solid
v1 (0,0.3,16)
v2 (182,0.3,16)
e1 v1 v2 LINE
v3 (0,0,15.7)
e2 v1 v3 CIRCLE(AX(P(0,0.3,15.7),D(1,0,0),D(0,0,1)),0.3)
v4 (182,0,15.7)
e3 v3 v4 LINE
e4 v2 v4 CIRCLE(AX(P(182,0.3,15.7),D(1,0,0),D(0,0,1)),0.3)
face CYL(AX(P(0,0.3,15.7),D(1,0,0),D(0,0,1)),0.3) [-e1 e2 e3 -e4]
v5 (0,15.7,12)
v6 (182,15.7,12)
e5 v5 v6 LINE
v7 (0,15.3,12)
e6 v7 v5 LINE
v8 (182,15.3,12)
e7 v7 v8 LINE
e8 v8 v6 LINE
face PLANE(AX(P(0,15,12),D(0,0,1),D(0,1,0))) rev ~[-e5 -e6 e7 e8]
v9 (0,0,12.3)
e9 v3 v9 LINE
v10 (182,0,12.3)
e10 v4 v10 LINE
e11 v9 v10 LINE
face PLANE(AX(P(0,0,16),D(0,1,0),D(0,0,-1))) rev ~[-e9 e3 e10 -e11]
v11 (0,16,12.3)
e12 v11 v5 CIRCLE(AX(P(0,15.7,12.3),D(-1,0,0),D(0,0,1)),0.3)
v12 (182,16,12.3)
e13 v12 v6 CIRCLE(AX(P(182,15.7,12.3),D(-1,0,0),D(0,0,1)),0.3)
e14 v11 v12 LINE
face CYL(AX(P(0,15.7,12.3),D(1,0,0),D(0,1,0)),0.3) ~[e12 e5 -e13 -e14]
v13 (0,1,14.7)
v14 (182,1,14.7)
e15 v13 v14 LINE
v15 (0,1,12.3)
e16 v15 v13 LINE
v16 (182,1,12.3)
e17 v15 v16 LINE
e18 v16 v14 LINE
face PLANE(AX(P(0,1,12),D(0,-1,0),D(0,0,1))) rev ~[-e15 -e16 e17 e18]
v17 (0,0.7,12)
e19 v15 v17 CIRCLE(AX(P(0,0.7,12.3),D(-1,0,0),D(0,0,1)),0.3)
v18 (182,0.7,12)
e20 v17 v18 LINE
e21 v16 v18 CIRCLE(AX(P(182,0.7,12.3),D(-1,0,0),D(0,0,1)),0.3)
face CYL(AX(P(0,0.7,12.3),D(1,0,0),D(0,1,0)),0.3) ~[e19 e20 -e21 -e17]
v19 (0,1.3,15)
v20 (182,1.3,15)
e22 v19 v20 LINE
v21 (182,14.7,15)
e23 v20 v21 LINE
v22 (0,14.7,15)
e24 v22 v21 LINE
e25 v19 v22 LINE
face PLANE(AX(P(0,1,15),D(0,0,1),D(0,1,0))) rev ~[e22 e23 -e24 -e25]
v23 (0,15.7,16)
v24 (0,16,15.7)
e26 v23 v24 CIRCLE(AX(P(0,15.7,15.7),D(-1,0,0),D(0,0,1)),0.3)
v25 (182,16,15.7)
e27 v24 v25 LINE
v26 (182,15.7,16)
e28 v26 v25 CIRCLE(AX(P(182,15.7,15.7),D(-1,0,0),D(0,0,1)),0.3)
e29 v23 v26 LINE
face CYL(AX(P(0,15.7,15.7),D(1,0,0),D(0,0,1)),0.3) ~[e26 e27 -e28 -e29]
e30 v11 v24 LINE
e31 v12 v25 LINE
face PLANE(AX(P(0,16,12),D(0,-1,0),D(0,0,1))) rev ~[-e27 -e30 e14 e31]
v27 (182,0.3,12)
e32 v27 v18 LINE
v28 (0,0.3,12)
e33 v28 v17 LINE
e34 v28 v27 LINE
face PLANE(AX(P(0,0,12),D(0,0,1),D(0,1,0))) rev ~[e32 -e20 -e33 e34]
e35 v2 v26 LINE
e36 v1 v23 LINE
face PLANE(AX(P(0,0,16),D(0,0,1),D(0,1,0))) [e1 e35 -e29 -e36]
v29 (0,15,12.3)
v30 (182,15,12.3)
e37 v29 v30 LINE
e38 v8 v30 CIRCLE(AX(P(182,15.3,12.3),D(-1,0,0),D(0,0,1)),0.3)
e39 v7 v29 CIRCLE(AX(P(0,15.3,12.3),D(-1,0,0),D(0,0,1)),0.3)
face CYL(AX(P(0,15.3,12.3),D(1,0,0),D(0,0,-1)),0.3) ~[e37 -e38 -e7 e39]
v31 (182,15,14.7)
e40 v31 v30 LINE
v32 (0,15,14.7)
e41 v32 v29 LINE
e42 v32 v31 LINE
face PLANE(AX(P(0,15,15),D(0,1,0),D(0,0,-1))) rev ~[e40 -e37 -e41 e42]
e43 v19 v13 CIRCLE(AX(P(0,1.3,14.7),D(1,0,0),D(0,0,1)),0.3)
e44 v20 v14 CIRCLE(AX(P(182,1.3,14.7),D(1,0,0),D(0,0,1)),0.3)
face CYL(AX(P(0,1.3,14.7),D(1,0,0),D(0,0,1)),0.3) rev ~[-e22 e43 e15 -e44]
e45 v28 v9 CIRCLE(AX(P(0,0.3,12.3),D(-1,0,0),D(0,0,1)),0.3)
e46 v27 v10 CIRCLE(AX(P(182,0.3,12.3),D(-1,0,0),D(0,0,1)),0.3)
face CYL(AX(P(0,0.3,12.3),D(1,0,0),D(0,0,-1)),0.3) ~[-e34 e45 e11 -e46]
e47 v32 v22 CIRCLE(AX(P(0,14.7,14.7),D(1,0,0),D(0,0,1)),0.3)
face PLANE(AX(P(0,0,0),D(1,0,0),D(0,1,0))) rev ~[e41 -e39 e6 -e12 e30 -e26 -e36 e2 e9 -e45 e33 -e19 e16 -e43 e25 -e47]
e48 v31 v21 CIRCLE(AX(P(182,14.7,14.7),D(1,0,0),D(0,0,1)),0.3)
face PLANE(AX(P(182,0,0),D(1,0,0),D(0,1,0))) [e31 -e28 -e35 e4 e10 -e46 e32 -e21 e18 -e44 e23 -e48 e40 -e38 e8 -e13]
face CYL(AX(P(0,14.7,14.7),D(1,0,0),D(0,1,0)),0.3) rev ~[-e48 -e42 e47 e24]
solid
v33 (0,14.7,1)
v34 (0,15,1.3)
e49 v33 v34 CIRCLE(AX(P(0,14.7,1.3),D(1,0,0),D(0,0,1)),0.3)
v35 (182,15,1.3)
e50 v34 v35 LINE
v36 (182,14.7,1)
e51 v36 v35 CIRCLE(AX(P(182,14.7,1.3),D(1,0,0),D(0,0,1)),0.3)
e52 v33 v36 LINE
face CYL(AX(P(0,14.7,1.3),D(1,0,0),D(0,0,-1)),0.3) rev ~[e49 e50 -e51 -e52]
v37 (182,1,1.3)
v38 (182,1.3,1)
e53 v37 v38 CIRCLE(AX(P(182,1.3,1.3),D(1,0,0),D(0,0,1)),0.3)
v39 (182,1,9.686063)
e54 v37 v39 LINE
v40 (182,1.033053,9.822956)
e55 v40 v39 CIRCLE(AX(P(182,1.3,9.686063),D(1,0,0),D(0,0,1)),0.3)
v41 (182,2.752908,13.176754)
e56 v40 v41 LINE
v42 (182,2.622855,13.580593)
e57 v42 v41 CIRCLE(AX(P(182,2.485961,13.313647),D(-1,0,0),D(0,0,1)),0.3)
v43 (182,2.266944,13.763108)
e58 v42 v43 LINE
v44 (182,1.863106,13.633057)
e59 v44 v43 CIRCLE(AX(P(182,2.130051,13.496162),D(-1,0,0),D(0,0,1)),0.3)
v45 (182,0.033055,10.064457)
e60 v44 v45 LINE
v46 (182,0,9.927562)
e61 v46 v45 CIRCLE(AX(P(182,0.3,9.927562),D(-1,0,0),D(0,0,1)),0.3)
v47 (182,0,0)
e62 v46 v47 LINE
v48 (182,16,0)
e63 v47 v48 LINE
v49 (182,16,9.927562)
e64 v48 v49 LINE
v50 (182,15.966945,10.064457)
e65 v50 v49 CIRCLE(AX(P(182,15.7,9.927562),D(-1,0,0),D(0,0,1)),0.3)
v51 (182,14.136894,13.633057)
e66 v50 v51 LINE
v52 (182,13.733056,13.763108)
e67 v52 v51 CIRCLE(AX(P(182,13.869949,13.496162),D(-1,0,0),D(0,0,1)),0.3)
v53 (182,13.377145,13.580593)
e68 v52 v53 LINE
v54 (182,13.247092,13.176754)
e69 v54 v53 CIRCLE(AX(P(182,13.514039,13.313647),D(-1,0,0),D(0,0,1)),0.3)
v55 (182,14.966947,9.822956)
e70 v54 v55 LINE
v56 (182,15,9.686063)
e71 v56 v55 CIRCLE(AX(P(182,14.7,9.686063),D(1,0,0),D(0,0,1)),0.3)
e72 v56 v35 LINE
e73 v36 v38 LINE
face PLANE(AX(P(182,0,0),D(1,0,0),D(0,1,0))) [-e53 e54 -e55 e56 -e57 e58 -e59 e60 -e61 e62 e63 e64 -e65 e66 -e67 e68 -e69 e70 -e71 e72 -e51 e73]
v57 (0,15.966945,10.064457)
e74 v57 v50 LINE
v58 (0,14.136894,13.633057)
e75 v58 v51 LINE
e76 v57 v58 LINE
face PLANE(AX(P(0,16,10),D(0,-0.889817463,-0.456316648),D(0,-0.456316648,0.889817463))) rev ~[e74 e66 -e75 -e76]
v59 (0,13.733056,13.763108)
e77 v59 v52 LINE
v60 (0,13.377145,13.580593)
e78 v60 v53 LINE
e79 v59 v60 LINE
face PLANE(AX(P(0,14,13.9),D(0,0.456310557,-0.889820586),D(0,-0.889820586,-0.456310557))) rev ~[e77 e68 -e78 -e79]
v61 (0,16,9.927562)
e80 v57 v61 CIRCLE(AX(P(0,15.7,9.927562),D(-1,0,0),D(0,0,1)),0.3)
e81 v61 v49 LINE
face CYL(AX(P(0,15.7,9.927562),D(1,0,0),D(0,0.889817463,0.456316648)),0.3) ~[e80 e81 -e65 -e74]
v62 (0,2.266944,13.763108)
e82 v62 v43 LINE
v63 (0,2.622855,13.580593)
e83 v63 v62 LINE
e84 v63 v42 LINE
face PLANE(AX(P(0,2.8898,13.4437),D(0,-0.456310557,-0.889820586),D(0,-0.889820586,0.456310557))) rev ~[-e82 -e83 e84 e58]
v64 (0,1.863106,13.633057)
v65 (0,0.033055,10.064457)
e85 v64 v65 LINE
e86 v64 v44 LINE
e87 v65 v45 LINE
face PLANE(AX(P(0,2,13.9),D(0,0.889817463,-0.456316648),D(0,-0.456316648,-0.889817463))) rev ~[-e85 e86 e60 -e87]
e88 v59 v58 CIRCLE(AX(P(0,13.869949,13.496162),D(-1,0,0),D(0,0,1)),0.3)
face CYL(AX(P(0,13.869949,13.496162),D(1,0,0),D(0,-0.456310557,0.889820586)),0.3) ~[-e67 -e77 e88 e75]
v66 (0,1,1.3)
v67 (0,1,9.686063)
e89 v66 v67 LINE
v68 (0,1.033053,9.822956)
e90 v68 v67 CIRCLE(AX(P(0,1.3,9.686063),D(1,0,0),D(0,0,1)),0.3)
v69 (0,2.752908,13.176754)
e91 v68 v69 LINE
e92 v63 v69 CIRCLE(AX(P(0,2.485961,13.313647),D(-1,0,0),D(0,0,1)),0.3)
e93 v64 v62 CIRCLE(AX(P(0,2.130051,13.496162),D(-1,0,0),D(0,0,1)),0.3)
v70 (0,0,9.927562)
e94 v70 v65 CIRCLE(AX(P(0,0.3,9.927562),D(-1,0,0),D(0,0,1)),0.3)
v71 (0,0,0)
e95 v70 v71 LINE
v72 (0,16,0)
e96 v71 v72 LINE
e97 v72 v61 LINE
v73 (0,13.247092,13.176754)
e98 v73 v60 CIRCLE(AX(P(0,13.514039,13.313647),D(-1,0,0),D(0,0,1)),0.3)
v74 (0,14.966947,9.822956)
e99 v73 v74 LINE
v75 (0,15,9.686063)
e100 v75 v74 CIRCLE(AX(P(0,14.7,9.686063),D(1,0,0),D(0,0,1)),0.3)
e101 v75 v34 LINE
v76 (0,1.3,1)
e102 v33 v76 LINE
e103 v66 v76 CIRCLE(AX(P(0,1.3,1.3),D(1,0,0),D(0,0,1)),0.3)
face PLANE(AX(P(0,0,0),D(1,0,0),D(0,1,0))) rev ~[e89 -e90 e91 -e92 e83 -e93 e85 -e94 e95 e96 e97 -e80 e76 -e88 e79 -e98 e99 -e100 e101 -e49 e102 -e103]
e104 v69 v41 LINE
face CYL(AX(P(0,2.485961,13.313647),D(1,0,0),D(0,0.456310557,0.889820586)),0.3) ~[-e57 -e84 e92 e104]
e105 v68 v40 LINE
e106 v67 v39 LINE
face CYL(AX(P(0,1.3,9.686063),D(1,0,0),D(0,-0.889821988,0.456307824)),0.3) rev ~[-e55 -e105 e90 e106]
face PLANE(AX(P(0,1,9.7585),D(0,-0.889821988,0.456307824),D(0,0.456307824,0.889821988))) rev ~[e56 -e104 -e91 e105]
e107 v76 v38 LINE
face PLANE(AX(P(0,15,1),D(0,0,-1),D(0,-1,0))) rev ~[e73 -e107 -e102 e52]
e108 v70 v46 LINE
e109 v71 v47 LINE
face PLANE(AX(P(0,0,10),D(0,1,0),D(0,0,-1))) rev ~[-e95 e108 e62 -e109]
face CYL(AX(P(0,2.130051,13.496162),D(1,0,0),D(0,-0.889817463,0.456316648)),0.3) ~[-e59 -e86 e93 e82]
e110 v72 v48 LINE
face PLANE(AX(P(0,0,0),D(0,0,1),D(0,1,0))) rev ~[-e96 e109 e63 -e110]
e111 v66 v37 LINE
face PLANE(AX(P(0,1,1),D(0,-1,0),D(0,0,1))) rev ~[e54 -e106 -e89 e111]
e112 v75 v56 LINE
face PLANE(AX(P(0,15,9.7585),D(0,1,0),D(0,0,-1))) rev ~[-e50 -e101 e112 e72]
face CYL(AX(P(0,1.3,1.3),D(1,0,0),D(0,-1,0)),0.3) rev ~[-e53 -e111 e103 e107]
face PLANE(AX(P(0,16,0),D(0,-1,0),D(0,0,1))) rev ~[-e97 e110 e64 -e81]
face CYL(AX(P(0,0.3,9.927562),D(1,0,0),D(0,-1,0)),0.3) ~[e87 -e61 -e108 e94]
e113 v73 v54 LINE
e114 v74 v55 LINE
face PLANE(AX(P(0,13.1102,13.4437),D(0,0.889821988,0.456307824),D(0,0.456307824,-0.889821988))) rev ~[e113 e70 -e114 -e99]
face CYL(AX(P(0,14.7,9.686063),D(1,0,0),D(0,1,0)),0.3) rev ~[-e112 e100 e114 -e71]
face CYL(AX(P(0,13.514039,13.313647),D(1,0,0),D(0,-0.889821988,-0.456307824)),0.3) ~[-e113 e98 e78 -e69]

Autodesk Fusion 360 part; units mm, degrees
sketch "16 mm x 16 mm conduit piping shape" plane through (0, 0, 0) normal (1, 0, 0) x (0, 1, 0)
  line L0 (0, 0) -> (16, 0)
  line L1 (16, 0) -> (16, 10)
  line L2 (16, 10) -> (14, 13.9)
  line L3 (14, 13.9) -> (13.1102, 13.4437)
  line L4 (13.1102, 13.4437) -> (15, 9.7585)
  line L5 (15, 9.7585) -> (15, 1)
  line L6 (15, 1) -> (1, 1)
  line L7 (1, 1) -> (1, 9.7585)
  line L8 (1, 9.7585) -> (2.8898, 13.4437)
  line L9 (2.8898, 13.4437) -> (2, 13.9)
  line L10 (2, 13.9) -> (0, 10)
  line L11 (0, 10) -> (0, 0)
  line L12 (0, 16) -> (16, 16)
  line L13 (0, 16) -> (0, 12)
  line L14 (0, 12) -> (1, 12)
  line L15 (1, 12) -> (1, 15)
  line L16 (1, 15) -> (15, 15)
  line L17 (15, 15) -> (15, 12)
  line L18 (15, 12) -> (16, 12)
  line L19 (16, 12) -> (16, 16)
  dimension "d1" = 1
  dimension "d2" = 16
  dimension "d3" = 1
  dimension "d4" = 1
  dimension "d7" = 10
  dimension "d8" = 10
  dimension "d9" = 16
  dimension "d10" = 1
  dimension "d11" = 1
  dimension "d12" = 1
  dimension "d13" = 4
  dimension "d14" = 4
  dimension "d15" = 16
  dimension "d16" = 2
  dimension "d17" = 2
  dimension "d18" = 1
  dimension "d19" = 1
extrude "Extrude1" add sketch "16 mm x 16 mm conduit piping shape" along normal blind 182 makes body 1 at (60.6667, 5.3333, 16) makes body 2 at (60.6667, 5.3333, 0)
fillet "Fillet1" radius 0.3 18 edges at (91, 0, 16) (91, 16, 16) (91, 16, 12) (91, 0, 12) (91, 1, 12) (91, 15, 12) (91, 1, 15) (91, 15, 15) (91, 0, 10) (91, 16, 10) (91, 14, 13.9) (91, 13.1102, 13.4437) (91, 2, 13.9) (91, 2.8898, 13.4437) (91, 15, 1) (91, 1, 1) (91, 1, 9.7585) (91, 15, 9.7585) on bodies 1 2
equation "d1 = conduitThickness"
equation "d2 = conduitWidth"
equation "d3 = conduitThickness"
equation "d4 = conduitThickness"
equation "conduitThickness = 1 mm" comment "Thickness of the PVC conduit piping"
equation "conduitWidth = 16 mm" comment "Size of the outer dimensions of the conduit piping"
equation "d9 = conduitWidth"
equation "d10 = conduitThickness"
equation "d11 = conduitThickness"
equation "d12 = conduitThickness"
equation "d20 = ( 234 mm ) - ( 2 * ( 26 ) ) * 1 mm"
